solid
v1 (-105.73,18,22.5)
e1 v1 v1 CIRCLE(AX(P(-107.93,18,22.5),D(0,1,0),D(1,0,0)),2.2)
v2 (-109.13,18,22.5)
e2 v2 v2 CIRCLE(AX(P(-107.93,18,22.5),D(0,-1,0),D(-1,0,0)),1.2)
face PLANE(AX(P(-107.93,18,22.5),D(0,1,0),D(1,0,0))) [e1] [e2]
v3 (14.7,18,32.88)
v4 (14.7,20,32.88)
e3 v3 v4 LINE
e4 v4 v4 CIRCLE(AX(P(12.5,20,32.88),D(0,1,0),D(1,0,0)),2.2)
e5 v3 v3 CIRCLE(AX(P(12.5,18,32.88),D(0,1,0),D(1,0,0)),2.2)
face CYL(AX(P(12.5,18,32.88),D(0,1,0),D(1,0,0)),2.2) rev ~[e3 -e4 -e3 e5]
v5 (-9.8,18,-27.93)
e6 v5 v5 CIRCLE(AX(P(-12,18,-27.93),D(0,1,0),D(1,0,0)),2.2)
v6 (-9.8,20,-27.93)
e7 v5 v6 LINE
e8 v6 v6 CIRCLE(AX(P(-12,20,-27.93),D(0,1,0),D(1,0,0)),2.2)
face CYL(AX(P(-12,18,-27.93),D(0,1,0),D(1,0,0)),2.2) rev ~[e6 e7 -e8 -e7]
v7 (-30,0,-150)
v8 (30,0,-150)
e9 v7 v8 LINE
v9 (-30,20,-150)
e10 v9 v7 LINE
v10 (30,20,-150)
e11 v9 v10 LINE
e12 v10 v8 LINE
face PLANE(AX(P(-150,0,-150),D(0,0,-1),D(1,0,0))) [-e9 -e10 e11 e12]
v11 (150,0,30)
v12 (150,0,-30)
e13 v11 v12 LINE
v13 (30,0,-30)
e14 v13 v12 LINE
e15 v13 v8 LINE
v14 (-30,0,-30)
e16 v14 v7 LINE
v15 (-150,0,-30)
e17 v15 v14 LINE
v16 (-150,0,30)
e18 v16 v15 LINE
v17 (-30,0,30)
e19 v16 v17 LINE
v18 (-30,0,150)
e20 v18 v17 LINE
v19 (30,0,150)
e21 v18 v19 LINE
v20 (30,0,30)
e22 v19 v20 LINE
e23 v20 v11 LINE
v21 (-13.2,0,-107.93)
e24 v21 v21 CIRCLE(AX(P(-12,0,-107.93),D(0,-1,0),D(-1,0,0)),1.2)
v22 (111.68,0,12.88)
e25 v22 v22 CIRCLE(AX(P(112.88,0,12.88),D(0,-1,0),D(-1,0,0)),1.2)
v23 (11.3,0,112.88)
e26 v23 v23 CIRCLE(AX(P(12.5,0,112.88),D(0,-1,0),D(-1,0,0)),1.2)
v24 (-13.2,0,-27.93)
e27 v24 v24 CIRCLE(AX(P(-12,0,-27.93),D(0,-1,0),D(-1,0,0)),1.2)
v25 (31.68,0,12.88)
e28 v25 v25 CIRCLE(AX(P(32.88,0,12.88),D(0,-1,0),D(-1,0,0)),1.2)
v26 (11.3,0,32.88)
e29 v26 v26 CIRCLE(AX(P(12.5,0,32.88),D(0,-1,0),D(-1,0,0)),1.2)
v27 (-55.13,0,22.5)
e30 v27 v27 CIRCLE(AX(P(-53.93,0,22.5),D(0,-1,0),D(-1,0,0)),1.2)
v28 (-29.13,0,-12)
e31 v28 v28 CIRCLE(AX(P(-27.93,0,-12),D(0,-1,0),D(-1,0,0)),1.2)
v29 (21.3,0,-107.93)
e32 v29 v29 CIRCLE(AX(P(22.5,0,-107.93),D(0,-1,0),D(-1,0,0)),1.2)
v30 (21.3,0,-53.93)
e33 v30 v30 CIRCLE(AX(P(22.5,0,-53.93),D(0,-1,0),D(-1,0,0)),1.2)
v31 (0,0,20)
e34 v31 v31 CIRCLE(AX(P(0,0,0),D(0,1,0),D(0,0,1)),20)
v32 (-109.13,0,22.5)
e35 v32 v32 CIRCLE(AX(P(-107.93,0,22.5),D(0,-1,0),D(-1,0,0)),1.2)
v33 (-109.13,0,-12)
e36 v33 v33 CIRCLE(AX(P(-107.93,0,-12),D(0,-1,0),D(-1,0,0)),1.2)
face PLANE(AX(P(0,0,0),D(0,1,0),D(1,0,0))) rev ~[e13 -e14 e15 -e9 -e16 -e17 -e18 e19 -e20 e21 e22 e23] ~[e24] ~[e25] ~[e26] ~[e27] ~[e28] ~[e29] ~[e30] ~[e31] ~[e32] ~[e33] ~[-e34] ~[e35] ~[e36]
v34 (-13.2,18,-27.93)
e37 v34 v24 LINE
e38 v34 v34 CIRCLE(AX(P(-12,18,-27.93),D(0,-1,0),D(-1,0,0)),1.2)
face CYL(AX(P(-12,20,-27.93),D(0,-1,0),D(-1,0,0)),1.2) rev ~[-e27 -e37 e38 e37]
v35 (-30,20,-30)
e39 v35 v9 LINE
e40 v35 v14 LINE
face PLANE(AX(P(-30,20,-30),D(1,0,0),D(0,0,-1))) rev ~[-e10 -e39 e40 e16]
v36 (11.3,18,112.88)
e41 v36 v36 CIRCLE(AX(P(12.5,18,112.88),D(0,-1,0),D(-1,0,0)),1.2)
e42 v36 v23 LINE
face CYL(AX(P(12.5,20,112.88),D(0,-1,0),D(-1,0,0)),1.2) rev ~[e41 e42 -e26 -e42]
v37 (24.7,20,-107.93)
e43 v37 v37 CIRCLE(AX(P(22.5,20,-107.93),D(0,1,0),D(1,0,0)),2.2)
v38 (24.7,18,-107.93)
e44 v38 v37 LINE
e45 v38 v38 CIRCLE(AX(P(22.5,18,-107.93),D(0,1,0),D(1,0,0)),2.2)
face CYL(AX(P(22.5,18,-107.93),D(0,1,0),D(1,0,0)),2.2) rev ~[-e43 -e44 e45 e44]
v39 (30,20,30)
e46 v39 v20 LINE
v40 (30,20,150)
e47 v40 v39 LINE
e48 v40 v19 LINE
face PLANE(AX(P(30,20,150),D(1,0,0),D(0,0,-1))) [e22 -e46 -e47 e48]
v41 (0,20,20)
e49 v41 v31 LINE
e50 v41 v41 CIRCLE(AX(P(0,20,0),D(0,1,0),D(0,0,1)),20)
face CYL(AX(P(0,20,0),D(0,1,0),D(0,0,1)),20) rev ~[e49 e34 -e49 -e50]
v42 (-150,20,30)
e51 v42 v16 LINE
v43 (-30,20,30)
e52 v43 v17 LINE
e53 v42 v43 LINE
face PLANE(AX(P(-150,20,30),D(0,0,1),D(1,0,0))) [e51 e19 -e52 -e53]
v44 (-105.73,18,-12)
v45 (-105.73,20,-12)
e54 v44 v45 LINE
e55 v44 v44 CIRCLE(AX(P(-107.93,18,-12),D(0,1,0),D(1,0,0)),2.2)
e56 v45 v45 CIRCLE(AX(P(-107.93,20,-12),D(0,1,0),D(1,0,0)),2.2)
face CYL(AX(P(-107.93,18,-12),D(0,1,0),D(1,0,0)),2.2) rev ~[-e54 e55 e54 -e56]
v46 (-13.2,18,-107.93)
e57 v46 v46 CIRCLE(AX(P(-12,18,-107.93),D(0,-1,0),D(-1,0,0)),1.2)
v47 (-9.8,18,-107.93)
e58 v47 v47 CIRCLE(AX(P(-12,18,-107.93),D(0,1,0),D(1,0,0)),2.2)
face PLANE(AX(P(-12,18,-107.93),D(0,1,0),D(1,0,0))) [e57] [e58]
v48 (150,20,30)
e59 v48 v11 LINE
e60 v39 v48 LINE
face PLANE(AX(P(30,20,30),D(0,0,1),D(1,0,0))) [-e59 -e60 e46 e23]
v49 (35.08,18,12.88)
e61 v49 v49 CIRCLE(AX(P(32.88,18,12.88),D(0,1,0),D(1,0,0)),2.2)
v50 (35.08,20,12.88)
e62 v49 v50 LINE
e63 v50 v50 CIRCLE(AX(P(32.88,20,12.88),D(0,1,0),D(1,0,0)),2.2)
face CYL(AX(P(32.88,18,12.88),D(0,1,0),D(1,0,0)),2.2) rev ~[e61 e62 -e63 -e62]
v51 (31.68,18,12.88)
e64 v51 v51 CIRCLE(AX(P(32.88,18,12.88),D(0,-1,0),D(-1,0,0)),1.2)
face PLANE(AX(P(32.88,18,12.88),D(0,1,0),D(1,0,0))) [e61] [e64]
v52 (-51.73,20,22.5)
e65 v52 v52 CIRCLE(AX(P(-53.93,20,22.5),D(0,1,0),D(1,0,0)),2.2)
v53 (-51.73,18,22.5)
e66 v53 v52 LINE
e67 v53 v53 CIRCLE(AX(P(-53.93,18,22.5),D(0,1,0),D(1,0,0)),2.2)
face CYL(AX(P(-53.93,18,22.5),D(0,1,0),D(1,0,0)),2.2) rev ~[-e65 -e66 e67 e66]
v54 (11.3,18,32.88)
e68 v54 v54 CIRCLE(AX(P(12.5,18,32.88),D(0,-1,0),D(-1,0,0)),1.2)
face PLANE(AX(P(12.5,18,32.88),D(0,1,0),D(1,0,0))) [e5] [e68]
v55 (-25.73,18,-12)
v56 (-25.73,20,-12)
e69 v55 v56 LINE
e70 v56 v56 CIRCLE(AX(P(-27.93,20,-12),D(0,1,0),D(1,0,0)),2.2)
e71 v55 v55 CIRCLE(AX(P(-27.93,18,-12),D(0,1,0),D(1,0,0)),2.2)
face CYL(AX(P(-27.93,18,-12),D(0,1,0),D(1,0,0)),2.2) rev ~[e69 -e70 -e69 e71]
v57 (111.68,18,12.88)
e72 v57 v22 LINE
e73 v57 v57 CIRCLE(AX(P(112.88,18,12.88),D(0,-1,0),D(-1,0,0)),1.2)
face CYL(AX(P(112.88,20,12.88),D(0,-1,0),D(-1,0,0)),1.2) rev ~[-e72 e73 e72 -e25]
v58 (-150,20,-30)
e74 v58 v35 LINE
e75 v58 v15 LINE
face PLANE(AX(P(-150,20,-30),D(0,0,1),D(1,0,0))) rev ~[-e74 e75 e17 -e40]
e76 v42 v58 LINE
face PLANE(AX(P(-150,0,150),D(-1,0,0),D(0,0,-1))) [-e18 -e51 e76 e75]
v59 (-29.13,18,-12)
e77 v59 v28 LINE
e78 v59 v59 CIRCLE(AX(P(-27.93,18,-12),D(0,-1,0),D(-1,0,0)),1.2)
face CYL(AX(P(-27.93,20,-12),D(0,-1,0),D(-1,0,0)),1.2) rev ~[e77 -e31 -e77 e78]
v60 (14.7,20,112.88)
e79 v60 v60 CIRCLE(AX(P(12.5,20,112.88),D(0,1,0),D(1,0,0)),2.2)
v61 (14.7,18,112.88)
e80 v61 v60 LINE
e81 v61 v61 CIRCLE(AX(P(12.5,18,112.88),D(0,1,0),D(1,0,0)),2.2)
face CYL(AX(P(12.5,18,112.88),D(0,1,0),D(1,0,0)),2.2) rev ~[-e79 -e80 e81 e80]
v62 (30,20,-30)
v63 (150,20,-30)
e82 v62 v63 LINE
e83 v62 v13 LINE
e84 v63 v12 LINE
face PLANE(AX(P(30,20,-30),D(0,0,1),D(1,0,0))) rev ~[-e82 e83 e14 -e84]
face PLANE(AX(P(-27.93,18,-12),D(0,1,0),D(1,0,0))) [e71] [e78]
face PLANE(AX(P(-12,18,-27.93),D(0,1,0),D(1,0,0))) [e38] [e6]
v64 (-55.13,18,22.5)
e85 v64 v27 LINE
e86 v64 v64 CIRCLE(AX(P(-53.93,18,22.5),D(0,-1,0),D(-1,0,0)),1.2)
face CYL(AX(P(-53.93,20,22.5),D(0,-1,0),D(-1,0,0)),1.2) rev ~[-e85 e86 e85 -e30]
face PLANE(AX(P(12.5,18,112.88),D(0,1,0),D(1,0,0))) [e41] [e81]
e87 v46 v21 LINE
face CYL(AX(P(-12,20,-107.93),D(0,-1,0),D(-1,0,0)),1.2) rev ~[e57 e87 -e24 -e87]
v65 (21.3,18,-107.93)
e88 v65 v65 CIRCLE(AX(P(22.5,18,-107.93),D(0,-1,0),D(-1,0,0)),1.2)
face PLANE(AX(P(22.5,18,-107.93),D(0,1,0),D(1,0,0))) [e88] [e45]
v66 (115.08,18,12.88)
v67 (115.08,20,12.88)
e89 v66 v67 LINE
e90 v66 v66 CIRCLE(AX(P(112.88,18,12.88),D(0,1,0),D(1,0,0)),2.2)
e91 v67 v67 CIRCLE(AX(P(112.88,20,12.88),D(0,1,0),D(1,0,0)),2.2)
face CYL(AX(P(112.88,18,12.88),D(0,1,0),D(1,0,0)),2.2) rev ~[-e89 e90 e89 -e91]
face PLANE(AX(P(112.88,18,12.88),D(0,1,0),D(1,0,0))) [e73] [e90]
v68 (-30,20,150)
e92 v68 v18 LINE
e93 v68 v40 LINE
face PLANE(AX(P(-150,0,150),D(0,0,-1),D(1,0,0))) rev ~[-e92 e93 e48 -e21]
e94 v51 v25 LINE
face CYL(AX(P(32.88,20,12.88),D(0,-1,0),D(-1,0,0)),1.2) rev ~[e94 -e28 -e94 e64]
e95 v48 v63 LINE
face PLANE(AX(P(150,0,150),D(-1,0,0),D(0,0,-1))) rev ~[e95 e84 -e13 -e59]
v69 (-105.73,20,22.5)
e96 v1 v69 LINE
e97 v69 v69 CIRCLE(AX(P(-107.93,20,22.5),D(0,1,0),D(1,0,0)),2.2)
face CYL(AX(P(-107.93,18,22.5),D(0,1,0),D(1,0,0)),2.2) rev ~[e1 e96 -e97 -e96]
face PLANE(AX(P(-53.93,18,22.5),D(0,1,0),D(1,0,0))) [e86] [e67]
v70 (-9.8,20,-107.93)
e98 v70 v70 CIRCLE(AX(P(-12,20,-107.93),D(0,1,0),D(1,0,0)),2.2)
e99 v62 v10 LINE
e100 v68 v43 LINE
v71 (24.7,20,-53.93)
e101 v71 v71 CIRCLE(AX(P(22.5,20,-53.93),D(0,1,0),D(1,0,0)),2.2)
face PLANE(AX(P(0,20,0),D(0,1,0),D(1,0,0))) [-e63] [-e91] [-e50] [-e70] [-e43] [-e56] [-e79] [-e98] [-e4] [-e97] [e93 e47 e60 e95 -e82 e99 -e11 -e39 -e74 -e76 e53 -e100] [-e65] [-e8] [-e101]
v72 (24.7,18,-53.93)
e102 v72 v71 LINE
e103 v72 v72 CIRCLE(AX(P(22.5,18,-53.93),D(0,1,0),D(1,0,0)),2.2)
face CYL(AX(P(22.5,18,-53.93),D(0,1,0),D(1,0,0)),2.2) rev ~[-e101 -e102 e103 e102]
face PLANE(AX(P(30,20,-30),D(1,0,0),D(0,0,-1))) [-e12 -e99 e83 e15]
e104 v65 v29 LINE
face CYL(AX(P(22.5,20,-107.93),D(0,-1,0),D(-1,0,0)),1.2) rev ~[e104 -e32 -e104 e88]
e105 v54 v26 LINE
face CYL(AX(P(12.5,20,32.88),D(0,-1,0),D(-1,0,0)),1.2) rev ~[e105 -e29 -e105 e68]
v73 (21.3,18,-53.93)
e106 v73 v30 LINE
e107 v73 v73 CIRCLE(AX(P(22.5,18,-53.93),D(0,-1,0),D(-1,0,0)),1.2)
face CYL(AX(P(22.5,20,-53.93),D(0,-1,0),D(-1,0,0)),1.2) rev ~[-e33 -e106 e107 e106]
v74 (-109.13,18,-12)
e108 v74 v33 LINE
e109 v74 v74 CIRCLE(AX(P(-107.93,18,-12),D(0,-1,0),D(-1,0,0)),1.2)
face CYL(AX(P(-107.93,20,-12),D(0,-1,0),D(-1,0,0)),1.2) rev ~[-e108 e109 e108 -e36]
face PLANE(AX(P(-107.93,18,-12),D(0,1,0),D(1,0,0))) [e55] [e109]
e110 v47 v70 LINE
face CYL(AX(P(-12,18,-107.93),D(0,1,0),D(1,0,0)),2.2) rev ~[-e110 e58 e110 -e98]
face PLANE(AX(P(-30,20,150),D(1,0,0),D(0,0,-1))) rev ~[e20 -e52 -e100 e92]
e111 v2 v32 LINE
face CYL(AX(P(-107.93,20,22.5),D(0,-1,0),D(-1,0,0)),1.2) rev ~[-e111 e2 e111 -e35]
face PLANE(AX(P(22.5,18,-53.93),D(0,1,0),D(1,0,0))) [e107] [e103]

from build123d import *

# Parameters (mm, degrees)
SKETCH1_W                      = 300
SKETCH1_H                      = 300
BOSS_EXTRUDE1_DEPTH            = 20
SKETCH2_W                      = 120
SKETCH2_H                      = 120
CUT_EXTRUDE1_DEPTH             = 214.072757527
CBORE_FOR_M2_SHCS1_D           = 2.4
CBORE_FOR_M2_SHCS1_CBORE_D     = 4.4
CBORE_FOR_M2_SHCS1_CBORE_DEPTH = 2
CBORE_FOR_M2_SHCS2_D           = 2.4
CBORE_FOR_M2_SHCS2_CBORE_D     = 4.4
CBORE_FOR_M2_SHCS2_CBORE_DEPTH = 2
CBORE_FOR_M2_SHCS3_D           = 2.4
CBORE_FOR_M2_SHCS3_CBORE_D     = 4.4
CBORE_FOR_M2_SHCS3_CBORE_DEPTH = 2
SKETCH12_R                     = 20
CUT_EXTRUDE2_DEPTH             = 214.072757527


with BuildPart() as part:
    # Sketch1 → Boss-Extrude1 (new body)
    with BuildSketch(Plane(origin=(0, 0, 0), x_dir=(1, 0, 0), z_dir=(0, 1, 0))):
        Rectangle(SKETCH1_W, SKETCH1_H)
    extrude(amount=BOSS_EXTRUDE1_DEPTH)

    # Sketch2 → Cut-Extrude1 (cut, through all)
    with BuildSketch(Plane(origin=(0, 20, 0), x_dir=(1, 0, 0), z_dir=(0, 1, 0))):
        with Locations((-90, 90)):
            Rectangle(SKETCH2_W, SKETCH2_H)
        with Locations((90, 90)):
            Rectangle(SKETCH2_W, SKETCH2_H)
        with Locations((-90, -90)):
            Rectangle(SKETCH2_W, SKETCH2_H)
        with Locations((90, -90)):
            Rectangle(SKETCH2_W, SKETCH2_H)
    extrude(amount=-CUT_EXTRUDE1_DEPTH, mode=Mode.SUBTRACT)

    # CBORE for M2 SHCS1 (through all)
    with Locations(Plane(origin=(0, 20, 0), x_dir=(1, 0, 0), z_dir=(0, 1, 0))):
        with Locations((-53.93, -22.5), (-107.93, -22.5), (32.88, -12.88), (112.88, -12.88)):
            CounterBoreHole(CBORE_FOR_M2_SHCS1_D / 2, CBORE_FOR_M2_SHCS1_CBORE_D / 2, CBORE_FOR_M2_SHCS1_CBORE_DEPTH)

    # CBORE for M2 SHCS2 (through all)
    with Locations(Plane(origin=(0, 20, 0), x_dir=(1, 0, 0), z_dir=(0, 1, 0))):
        with Locations((22.5, 53.93), (22.5, 107.93), (12.5, -32.88), (12.5, -112.88)):
            CounterBoreHole(CBORE_FOR_M2_SHCS2_D / 2, CBORE_FOR_M2_SHCS2_CBORE_D / 2, CBORE_FOR_M2_SHCS2_CBORE_DEPTH)

    # CBORE for M2 SHCS3 (through all)
    with Locations(Plane(origin=(0, 20, 0), x_dir=(1, 0, 0), z_dir=(0, 1, 0))):
        with Locations((-27.93, 12), (-107.93, 12), (-12, 27.93), (-12, 107.93)):
            CounterBoreHole(CBORE_FOR_M2_SHCS3_D / 2, CBORE_FOR_M2_SHCS3_CBORE_D / 2, CBORE_FOR_M2_SHCS3_CBORE_DEPTH)

    # Sketch12 → Cut-Extrude2 (cut, through all)
    with BuildSketch(Plane(origin=(0, 20, 0), x_dir=(1, 0, 0), z_dir=(0, 1, 0))):
        with Locations(Location((0, 0, 0), (0, 0, 270))):
            Circle(SKETCH12_R)
    extrude(amount=-CUT_EXTRUDE2_DEPTH, mode=Mode.SUBTRACT)


solid = part.part
